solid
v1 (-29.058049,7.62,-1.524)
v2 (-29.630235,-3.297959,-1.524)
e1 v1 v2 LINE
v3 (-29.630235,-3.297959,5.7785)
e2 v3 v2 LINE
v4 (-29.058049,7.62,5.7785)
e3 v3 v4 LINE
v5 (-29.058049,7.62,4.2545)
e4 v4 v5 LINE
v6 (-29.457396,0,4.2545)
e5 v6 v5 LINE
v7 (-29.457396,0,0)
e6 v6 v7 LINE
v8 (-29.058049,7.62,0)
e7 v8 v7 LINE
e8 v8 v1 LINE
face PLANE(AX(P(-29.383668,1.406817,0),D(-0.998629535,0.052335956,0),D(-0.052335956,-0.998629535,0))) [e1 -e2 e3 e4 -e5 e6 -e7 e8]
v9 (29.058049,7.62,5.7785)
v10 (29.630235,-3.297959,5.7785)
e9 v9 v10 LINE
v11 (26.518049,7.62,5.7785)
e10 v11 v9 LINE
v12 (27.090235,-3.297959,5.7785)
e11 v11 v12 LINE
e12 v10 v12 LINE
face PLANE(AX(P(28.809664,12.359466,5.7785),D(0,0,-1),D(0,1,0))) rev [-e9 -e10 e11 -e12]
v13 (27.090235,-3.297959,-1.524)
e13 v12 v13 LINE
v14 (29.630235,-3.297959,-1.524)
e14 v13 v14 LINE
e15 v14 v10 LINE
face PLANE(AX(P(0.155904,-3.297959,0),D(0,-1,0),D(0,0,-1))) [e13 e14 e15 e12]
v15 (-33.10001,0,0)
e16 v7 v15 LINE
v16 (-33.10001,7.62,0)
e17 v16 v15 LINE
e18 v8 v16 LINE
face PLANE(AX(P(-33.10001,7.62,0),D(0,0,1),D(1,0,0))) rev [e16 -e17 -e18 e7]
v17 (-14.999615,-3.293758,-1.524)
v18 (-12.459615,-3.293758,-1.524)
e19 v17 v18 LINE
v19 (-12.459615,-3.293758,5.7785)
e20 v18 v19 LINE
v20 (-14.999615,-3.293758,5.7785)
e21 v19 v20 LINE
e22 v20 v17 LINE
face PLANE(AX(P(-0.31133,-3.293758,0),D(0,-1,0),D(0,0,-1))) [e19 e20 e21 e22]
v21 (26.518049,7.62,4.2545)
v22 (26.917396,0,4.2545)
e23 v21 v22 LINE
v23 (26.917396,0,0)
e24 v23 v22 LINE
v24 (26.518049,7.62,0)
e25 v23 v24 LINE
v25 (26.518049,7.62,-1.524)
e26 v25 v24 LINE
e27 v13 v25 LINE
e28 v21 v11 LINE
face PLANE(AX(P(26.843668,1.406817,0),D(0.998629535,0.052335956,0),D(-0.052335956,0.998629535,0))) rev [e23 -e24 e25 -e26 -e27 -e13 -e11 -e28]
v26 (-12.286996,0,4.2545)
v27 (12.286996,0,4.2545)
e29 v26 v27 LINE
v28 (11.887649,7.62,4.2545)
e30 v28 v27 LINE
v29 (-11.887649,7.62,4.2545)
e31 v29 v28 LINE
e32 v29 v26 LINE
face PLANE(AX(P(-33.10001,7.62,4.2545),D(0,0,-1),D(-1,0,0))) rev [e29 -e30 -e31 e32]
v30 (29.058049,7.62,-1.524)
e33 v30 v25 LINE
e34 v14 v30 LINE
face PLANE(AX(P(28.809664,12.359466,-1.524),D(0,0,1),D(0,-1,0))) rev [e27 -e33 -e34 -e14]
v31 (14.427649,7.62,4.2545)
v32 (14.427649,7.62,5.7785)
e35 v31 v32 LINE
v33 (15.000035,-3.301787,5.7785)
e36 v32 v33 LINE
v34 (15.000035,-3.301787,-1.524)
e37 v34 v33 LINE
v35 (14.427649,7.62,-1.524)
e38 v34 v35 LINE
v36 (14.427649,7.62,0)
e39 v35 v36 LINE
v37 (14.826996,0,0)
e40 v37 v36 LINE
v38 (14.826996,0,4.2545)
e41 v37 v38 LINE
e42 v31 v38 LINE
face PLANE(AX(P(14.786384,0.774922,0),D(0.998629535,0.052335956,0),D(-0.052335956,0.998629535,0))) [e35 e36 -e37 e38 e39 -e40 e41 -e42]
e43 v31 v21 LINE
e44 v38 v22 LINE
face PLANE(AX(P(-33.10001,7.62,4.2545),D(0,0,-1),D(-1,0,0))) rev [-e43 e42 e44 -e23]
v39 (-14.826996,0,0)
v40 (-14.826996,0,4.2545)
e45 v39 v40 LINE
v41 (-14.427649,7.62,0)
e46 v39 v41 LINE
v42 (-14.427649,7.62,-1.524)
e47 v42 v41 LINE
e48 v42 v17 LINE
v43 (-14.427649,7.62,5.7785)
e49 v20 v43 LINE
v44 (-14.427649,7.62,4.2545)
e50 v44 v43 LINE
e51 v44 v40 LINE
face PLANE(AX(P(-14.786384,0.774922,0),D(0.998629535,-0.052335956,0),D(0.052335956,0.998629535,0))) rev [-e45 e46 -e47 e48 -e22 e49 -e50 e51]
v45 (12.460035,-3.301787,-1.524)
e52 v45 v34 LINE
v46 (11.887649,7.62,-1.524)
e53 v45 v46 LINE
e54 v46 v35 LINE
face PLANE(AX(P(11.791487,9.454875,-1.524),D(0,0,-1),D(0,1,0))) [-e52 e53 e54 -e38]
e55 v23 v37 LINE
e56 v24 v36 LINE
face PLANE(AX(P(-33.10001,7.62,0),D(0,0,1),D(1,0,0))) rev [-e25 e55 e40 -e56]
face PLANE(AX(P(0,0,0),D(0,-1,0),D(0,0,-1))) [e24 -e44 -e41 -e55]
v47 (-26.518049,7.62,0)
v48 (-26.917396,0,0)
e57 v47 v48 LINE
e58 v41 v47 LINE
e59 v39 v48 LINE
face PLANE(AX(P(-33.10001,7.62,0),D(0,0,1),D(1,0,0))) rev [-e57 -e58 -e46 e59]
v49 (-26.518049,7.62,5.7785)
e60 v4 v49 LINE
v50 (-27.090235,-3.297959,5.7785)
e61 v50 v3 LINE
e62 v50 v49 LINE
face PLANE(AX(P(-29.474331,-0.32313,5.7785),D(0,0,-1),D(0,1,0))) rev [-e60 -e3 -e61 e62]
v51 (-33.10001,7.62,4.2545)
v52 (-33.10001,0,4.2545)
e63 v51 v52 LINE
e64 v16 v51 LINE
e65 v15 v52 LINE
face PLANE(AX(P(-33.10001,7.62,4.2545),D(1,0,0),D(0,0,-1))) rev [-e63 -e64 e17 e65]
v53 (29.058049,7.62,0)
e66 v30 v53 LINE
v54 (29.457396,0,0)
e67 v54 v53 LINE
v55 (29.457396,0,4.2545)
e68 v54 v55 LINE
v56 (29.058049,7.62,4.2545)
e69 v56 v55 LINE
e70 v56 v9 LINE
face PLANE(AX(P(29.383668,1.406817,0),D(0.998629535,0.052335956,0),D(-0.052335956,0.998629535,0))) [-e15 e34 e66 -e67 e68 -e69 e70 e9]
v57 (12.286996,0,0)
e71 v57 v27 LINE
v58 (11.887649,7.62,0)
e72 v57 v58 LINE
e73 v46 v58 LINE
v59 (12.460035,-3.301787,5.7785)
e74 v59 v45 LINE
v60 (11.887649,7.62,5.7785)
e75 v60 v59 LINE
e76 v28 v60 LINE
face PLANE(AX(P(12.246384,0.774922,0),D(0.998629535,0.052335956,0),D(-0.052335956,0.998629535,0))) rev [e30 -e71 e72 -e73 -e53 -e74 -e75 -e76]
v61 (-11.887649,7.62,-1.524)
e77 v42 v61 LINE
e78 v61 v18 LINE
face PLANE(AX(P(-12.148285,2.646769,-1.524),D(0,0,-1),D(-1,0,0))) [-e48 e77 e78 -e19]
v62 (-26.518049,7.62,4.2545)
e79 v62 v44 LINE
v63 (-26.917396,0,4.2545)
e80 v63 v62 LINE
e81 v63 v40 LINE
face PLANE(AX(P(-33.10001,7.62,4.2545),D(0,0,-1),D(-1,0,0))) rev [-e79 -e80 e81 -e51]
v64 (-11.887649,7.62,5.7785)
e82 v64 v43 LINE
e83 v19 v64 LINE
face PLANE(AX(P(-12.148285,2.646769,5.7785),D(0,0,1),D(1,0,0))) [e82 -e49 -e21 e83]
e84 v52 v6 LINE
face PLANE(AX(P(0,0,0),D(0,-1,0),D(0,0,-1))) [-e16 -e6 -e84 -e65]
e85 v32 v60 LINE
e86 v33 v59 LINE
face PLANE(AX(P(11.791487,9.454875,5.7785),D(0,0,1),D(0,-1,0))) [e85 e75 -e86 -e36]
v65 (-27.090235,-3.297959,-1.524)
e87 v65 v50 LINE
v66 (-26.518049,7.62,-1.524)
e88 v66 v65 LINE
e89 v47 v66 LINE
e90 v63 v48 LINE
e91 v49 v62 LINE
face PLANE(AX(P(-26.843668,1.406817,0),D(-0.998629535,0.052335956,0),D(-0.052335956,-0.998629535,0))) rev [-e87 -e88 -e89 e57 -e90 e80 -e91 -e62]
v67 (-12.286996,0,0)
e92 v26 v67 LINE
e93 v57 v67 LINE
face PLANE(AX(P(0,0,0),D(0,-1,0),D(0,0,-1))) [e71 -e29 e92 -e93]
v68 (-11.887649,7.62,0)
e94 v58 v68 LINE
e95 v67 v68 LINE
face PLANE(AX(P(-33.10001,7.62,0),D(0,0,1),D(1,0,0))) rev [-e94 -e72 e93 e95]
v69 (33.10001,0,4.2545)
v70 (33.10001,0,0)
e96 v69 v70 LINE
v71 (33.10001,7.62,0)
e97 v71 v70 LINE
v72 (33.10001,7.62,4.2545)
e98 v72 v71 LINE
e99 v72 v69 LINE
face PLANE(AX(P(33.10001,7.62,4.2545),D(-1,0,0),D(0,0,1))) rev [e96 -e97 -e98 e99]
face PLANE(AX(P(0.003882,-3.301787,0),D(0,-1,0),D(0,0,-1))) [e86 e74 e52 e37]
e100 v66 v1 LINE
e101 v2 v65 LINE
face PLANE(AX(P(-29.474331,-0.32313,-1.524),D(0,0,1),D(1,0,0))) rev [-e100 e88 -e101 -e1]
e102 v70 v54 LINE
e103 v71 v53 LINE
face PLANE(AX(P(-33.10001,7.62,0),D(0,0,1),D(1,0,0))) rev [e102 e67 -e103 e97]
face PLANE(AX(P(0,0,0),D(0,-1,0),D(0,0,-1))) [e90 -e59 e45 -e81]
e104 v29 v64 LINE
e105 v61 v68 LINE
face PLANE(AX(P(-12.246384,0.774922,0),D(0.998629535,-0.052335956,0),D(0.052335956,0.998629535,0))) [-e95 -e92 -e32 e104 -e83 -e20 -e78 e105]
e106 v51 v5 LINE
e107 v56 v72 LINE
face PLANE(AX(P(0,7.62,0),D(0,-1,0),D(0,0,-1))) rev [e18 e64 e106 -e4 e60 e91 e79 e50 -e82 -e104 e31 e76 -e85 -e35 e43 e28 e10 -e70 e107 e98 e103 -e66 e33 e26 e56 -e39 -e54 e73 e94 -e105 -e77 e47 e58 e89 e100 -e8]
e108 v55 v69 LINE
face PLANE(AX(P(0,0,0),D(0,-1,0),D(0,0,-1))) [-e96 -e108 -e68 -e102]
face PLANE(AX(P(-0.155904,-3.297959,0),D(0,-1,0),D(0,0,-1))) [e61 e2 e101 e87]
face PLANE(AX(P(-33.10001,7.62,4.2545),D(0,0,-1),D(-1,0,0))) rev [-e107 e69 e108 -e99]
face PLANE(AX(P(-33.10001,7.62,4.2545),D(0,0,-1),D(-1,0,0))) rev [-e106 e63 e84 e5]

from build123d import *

# Parameters (mm, degrees)
SKETCH1_W           = 66.20002
SKETCH1_H           = 4.2545
BOSS_EXTRUDE1_DEPTH = 7.62
SKETCH3_W           = 7.3025
SKETCH3_H           = 12.7
BOSS_EXTRUDE2_DEPTH = 2.54
SKETCH7_W           = 7.3025
SKETCH7_H           = 12.7
BOSS_EXTRUDE3_DEPTH = 2.54
SKETCH8_W           = 7.3025
SKETCH8_H           = 12.7
BOSS_EXTRUDE4_DEPTH = 2.54
SKETCH9_W           = 7.3025
SKETCH9_H           = 12.7
BOSS_EXTRUDE5_DEPTH = 2.54
SKETCH10_W          = 66.20002
SKETCH10_H          = 20.74309717
CUT_EXTRUDE1_DEPTH  = 8.709364346
SKETCH11_W          = 2.54
SKETCH11_H          = 7.3025
BOSS_EXTRUDE6_DEPTH = 2.978912
SKETCH12_W          = 2.54
SKETCH12_H          = 7.3025
BOSS_EXTRUDE7_DEPTH = 5.94868
SKETCH13_W          = 2.54
SKETCH13_H          = 7.3025
BOSS_EXTRUDE8_DEPTH = 0.074168
SKETCH14_W          = 2.54
SKETCH14_H          = 7.3025
BOSS_EXTRUDE9_DEPTH = 2.978912


with BuildPart() as part:
    # Sketch1 → Boss-Extrude1 (new body)
    with BuildSketch(Plane(origin=(0, 0, 0), x_dir=(1, 0, 0), z_dir=(0, 1, 0))):
        with Locations((0, -2.12725)):
            Rectangle(SKETCH1_W, SKETCH1_H)
    extrude(amount=BOSS_EXTRUDE1_DEPTH)

    # Sketch3 → Boss-Extrude2 (add, along a direction that is not the sketch's normal)
    with BuildSketch(Plane(origin=(-26.843667844, 1.40681702, 0), x_dir=(0, 0, -1), z_dir=(-0.998629535, 0.052335956, 0))):
        with Locations((-2.12725, -4.617679325)):
            Rectangle(SKETCH3_W, SKETCH3_H)
    extrude(amount=BOSS_EXTRUDE2_DEPTH, dir=(-1, 0, 0))

    # Sketch7 → Boss-Extrude3 (add, along a direction that is not the sketch's normal)
    with BuildSketch(Plane(origin=(-14.786384082, 0.774921553, 0), x_dir=(0, 0, -1), z_dir=(-0.998629535, 0.052335956, 0))):
        with Locations((-2.12725, -8.224416524)):
            Rectangle(SKETCH7_W, SKETCH7_H)
    extrude(amount=-BOSS_EXTRUDE3_DEPTH, dir=(-1, 0, 0))

    # Sketch8 → Boss-Extrude4 (add, along a direction that is not the sketch's normal)
    with BuildSketch(Plane(origin=(14.786384082, 0.774921553, 0), x_dir=(0, 0, -1), z_dir=(0.998629535, 0.052335956, 0))):
        with Locations((-2.12725, 2.341864986)):
            Rectangle(SKETCH8_W, SKETCH8_H)
    extrude(amount=-BOSS_EXTRUDE4_DEPTH, dir=(1, 0, 0))

    # Sketch9 → Boss-Extrude5 (add, along a direction that is not the sketch's normal)
    with BuildSketch(Plane(origin=(26.843667844, 1.40681702, 0), x_dir=(0, 0, -1), z_dir=(0.998629535, 0.052335956, 0))):
        with Locations((-2.12725, 4.617679325)):
            Rectangle(SKETCH9_W, SKETCH9_H)
    extrude(amount=BOSS_EXTRUDE5_DEPTH, dir=(1, 0, 0))

    # Sketch10 → Cut-Extrude1 (cut, through all)
    with BuildSketch(Plane(origin=(0, 7.62, 0), x_dir=(1, 0, 0), z_dir=(0, 1, 0))):
        with Locations((0, -1.111264459)):
            Rectangle(SKETCH10_W, SKETCH10_H)
    extrude(amount=CUT_EXTRUDE1_DEPTH, mode=Mode.SUBTRACT)

    # Sketch11 → Boss-Extrude6 (add, along a direction that is not the sketch's normal)
    with BuildSketch(Plane(origin=(0, -0.32312957, 0), x_dir=(-1, 0, 0), z_dir=(0, -1, 0))):
        with Locations((28.204330503, -2.12725)):
            Rectangle(SKETCH11_W, SKETCH11_H)
    extrude(amount=BOSS_EXTRUDE6_DEPTH, dir=(-0.052335956, -0.998629535, 0))

    # Sketch12 → Boss-Extrude7 (add, along a direction that is not the sketch's normal)
    with BuildSketch(Plane.XZ.offset(-2.646769255)):
        with Locations((-13.418284701, 2.12725)):
            Rectangle(SKETCH12_W, SKETCH12_H)
    extrude(amount=BOSS_EXTRUDE7_DEPTH, dir=(-0.052335956, -0.998629535, 0))

    # Sketch13 → Boss-Extrude8 (add, along a direction that is not the sketch's normal)
    with BuildSketch(Plane.XZ.offset(3.227720451)):
        with Locations((13.726153661, 2.12725)):
            Rectangle(SKETCH13_W, SKETCH13_H)
    extrude(amount=BOSS_EXTRUDE8_DEPTH, dir=(0.052335956, -0.998629535, 0))

    # Sketch14 → Boss-Extrude9 (add, along a direction that is not the sketch's normal)
    with BuildSketch(Plane.XZ.offset(0.32312957)):
        with Locations((28.204330503, 2.12725)):
            Rectangle(SKETCH14_W, SKETCH14_H)
    extrude(amount=BOSS_EXTRUDE9_DEPTH, dir=(0.052335956, -0.998629535, 0))


solid = part.part
